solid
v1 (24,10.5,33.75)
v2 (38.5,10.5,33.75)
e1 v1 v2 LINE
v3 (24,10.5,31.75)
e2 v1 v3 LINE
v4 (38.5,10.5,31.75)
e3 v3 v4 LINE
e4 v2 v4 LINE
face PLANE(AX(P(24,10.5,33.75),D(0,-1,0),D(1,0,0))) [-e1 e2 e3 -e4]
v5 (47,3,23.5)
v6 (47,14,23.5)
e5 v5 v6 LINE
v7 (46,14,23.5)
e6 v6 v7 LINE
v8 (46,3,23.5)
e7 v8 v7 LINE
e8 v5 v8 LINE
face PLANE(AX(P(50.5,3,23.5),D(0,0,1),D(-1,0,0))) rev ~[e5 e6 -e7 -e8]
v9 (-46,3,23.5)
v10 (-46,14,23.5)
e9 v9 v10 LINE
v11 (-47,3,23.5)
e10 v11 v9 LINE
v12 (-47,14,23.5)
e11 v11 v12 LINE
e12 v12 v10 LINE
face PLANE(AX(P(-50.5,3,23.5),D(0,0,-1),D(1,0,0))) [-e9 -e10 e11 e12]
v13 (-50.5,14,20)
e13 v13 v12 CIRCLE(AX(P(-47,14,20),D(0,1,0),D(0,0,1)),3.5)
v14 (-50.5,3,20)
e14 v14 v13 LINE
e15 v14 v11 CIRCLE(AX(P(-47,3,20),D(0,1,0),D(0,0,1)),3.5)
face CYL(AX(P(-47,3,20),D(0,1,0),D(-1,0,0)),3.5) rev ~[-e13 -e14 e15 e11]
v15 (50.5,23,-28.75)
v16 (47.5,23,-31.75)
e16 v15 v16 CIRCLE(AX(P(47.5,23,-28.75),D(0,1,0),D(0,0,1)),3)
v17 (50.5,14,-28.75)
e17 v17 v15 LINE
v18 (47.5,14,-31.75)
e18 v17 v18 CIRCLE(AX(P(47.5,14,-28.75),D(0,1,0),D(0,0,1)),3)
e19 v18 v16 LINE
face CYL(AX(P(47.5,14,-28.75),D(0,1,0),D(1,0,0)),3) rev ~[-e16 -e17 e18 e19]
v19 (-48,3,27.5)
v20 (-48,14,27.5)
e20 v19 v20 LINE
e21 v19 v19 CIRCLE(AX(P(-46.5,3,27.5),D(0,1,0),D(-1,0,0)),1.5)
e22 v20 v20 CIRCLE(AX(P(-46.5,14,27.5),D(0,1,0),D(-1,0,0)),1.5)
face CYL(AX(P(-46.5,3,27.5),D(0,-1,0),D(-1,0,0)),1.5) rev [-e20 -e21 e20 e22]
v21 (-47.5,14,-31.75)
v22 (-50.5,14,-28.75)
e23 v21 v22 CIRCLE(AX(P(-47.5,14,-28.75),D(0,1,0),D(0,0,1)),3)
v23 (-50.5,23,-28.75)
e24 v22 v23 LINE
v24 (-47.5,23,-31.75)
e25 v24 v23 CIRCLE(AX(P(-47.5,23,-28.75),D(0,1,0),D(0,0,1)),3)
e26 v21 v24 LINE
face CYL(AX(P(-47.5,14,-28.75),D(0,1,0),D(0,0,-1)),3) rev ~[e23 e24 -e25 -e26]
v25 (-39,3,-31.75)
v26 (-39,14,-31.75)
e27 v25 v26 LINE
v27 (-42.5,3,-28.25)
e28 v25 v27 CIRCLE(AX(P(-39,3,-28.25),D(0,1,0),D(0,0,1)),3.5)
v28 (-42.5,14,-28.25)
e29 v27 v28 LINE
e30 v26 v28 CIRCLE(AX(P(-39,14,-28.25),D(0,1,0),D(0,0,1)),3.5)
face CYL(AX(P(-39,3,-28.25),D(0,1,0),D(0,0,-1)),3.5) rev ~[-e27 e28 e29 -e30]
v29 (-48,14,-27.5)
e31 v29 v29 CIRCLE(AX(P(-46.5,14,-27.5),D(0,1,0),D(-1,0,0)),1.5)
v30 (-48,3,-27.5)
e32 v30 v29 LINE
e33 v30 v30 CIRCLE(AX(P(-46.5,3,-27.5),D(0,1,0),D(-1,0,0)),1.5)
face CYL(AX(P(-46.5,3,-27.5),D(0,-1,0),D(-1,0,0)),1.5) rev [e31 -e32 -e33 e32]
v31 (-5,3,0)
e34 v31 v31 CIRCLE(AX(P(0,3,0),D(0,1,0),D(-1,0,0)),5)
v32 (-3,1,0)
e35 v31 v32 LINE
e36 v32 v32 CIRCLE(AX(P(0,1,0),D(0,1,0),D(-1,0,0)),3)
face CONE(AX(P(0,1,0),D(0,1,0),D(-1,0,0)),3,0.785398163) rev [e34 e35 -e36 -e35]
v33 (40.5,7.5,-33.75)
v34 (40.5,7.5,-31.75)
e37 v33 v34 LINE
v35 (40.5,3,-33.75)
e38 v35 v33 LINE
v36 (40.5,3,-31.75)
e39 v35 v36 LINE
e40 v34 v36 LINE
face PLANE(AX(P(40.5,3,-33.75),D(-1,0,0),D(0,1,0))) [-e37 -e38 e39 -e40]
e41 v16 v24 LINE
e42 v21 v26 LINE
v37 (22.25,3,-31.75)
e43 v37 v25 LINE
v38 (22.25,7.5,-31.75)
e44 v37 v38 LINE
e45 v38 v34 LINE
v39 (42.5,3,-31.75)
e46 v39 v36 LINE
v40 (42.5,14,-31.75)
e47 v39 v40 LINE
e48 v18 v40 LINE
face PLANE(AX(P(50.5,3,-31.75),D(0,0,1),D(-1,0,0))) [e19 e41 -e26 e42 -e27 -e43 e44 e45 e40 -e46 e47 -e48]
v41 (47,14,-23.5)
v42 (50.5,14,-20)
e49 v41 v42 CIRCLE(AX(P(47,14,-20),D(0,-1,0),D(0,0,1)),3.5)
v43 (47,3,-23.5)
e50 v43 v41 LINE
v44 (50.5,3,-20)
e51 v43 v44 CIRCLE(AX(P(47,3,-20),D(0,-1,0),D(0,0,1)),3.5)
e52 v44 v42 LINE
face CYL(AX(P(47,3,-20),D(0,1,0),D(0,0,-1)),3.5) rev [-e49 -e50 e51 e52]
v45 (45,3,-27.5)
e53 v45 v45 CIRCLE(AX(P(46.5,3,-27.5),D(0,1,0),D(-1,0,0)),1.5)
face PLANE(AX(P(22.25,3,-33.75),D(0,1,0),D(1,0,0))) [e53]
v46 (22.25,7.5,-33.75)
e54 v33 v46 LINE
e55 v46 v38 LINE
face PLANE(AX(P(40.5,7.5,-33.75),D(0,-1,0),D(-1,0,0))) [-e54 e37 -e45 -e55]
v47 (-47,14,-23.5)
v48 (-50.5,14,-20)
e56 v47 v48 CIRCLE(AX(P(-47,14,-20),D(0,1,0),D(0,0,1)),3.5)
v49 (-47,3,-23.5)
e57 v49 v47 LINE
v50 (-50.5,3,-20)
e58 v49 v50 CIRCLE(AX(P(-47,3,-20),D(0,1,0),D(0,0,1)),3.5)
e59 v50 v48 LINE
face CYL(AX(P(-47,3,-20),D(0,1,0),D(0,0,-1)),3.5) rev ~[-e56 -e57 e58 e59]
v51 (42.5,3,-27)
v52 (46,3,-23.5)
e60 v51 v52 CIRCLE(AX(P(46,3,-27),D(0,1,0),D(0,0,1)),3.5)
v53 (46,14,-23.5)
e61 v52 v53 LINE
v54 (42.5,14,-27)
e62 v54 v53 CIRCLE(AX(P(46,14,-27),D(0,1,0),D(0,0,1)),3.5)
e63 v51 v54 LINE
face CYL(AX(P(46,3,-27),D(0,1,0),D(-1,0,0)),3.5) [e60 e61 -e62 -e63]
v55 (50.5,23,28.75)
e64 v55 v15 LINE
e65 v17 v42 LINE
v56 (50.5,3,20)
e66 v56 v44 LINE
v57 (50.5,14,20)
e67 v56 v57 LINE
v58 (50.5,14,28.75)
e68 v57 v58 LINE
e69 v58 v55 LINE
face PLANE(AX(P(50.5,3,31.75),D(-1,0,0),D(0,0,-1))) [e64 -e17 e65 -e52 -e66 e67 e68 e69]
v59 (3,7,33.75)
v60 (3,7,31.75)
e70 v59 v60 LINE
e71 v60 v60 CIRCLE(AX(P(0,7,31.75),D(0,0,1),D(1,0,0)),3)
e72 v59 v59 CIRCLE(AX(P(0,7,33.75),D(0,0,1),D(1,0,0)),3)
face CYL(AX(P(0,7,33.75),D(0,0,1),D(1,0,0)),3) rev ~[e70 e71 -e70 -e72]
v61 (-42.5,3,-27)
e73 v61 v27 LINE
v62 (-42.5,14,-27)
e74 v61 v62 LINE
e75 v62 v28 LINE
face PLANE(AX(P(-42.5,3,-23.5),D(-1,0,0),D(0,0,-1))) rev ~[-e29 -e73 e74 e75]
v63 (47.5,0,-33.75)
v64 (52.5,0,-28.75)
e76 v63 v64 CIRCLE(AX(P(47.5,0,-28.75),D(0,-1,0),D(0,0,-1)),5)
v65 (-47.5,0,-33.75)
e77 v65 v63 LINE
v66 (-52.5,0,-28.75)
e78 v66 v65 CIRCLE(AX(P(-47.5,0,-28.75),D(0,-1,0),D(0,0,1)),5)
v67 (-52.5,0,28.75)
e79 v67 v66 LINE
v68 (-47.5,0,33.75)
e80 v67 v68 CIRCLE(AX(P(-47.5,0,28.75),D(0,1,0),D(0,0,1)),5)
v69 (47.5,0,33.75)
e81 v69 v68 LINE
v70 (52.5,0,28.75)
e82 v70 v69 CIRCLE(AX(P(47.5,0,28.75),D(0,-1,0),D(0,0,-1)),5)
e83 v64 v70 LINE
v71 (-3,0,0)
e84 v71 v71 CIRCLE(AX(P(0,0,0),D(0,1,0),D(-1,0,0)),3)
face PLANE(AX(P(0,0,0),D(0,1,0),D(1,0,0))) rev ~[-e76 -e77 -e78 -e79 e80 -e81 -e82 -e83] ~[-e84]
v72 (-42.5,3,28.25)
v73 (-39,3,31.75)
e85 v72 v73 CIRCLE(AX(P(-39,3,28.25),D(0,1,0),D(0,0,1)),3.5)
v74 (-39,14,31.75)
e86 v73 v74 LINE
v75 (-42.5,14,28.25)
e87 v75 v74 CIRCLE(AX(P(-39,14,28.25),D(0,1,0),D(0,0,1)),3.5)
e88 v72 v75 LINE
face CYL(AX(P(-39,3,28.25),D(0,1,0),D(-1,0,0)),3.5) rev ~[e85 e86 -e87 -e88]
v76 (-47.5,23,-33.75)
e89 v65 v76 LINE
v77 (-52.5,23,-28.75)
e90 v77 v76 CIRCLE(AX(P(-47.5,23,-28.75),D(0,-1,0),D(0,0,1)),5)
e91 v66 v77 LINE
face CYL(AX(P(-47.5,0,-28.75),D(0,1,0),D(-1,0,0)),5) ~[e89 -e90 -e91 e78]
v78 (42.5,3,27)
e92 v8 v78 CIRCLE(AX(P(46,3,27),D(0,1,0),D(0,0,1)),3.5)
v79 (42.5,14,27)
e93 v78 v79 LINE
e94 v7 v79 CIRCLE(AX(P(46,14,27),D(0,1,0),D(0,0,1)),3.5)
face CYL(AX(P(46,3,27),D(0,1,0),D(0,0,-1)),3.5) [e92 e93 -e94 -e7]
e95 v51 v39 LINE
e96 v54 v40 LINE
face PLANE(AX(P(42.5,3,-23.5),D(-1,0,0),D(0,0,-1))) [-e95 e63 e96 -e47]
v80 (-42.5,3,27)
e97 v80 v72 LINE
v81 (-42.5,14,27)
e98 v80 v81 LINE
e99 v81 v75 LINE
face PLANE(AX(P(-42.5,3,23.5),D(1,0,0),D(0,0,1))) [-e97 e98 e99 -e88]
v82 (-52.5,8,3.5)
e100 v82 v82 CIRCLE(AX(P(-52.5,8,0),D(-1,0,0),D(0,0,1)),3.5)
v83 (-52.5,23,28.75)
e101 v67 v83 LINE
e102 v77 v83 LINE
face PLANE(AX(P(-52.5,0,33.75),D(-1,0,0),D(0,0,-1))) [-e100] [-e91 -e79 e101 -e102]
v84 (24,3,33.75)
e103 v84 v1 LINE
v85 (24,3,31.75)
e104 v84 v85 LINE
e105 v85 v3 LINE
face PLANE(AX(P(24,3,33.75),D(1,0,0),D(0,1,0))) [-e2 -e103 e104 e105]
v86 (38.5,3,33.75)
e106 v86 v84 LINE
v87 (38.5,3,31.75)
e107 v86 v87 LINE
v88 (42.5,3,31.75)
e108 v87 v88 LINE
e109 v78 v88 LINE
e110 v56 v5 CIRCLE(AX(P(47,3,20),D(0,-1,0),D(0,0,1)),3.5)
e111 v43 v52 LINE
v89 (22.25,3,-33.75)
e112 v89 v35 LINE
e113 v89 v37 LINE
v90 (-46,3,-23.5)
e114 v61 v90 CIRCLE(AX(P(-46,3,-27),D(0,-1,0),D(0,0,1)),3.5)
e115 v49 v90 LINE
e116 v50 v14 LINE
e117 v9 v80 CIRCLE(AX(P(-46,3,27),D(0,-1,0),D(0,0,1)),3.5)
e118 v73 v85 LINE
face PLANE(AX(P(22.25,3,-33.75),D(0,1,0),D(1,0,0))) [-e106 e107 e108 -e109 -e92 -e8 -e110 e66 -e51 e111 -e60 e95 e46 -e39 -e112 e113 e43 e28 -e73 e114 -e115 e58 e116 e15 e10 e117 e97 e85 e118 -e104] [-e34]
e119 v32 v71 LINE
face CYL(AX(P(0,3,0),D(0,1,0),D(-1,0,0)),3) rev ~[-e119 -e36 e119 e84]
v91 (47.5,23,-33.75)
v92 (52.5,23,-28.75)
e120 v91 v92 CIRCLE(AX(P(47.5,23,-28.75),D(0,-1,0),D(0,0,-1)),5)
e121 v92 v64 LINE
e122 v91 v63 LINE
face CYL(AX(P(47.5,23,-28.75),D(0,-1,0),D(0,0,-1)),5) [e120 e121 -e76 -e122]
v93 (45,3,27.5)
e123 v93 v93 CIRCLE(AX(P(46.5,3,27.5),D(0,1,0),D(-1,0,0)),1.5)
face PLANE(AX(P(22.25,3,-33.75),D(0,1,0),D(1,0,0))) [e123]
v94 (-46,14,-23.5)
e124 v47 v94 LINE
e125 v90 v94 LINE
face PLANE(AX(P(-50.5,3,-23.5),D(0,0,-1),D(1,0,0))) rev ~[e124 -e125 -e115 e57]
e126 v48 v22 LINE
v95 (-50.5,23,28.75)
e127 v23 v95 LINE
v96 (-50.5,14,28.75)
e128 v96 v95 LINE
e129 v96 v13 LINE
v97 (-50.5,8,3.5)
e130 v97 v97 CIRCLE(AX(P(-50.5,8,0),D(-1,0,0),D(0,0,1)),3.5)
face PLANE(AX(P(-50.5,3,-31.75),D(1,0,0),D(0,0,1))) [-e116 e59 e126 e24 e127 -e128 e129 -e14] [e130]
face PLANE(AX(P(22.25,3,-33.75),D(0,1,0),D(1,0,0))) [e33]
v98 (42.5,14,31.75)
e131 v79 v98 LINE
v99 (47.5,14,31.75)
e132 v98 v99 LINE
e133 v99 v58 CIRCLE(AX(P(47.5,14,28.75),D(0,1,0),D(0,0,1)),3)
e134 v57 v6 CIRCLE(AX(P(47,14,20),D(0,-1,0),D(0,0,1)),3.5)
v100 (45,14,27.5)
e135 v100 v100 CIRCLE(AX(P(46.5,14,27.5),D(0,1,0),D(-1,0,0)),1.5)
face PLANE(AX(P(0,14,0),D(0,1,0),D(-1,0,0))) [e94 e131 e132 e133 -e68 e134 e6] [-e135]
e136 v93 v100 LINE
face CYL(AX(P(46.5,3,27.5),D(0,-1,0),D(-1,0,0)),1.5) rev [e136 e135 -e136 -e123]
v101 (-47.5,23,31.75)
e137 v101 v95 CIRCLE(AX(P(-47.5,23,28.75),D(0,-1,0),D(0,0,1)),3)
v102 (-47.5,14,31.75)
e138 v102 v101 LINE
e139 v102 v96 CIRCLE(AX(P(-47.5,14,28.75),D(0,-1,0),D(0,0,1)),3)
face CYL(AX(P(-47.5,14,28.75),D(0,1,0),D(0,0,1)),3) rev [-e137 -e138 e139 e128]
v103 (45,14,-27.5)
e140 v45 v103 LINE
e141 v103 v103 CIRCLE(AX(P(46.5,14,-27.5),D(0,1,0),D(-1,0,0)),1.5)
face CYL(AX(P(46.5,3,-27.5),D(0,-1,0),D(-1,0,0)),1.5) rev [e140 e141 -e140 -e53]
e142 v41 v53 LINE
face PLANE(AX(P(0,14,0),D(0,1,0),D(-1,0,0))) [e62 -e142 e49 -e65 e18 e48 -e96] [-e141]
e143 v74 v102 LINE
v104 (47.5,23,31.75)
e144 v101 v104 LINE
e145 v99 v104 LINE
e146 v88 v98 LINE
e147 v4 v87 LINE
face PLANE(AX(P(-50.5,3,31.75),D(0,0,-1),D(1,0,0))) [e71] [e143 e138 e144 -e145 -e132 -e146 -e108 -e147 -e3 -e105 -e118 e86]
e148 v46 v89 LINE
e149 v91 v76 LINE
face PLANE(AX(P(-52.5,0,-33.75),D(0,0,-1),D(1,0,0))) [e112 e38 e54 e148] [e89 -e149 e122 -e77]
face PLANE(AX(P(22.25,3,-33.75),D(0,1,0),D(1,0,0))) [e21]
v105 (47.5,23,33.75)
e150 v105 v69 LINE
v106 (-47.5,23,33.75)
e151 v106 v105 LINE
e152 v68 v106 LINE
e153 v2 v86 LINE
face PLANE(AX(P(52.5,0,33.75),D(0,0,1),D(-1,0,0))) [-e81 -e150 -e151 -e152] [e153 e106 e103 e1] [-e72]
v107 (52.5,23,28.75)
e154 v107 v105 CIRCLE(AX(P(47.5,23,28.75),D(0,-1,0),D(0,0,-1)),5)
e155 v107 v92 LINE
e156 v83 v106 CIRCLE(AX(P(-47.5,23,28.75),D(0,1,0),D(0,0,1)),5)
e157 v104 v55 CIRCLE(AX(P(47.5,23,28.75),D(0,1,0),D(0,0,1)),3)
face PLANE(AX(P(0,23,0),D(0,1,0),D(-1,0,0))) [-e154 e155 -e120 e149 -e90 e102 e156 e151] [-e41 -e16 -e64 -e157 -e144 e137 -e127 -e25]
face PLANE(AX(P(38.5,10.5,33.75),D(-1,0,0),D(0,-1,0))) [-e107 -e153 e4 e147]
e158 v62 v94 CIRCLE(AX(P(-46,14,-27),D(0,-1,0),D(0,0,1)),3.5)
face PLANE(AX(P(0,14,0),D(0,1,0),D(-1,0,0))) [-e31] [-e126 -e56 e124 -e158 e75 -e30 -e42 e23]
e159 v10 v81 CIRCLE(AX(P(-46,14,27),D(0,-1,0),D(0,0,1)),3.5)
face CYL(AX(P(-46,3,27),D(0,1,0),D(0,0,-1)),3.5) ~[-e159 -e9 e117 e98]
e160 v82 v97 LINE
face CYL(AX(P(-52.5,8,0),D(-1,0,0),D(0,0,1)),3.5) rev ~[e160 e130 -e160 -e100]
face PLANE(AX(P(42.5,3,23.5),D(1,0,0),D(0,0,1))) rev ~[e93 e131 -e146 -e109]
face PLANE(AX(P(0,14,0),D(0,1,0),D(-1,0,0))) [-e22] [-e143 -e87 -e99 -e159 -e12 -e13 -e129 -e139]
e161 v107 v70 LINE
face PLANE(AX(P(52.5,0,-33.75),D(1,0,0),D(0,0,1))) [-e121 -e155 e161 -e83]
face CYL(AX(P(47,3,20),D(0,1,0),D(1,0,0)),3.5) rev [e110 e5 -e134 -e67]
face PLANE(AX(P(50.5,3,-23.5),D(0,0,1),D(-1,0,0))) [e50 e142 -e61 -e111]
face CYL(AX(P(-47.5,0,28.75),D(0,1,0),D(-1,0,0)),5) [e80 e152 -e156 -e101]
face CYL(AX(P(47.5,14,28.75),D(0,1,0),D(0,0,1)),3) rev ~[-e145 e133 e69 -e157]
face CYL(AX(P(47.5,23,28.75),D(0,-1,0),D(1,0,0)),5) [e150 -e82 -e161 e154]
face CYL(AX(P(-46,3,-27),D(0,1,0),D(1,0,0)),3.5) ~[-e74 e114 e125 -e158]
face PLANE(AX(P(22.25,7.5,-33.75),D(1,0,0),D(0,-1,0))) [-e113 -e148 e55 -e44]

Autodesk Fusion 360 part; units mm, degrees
sketch "Sketch1" plane through (0, 0, 0) normal (0, 1, 0) x (1, 0, 0)
  line L0 (-52.5, 33.75) -> (52.5, 33.75)
  line L1 (52.5, 33.75) -> (52.5, -33.75)
  line L2 (52.5, -33.75) -> (-52.5, -33.75)
  line L3 (-52.5, -33.75) -> (-52.5, 33.75)
  line L4 (-52.5, 33.75) -> (52.5, -33.75) construction
  dimension "d1" = 105
  dimension "d2" = 67.5
extrude "Extrude1" add sketch "Sketch1" along normal blind 3
sketch "Sketch2" plane through (0, 3, 0) normal (0, 1, 0) x (-1, 0, 0)
  line L0 (52.5, 33.75) -> (-52.5, 33.75)
  line L1 (-52.5, 33.75) -> (-52.5, -33.75)
  line L2 (-52.5, -33.75) -> (52.5, -33.75)
  line L3 (52.5, -33.75) -> (52.5, 33.75)
  line L4 (50.5, 31.75) -> (-50.5, 31.75)
  line L5 (-50.5, 31.75) -> (-50.5, -31.75)
  line L6 (-50.5, -31.75) -> (50.5, -31.75)
  line L7 (50.5, -31.75) -> (50.5, 31.75)
  dimension "d5" = -2
extrude "Extrude2" add sketch "Sketch2" along normal blind 20
sketch "Sketch3" plane through (0, 0, -33.75) normal (0, 0, -1) x (-1, 0, 0)
  line L0 (-52.5, 0) -> (52.5, 0)
  line L1 (52.5, 0) -> (52.5, 23)
  line L2 (52.5, 23) -> (-52.5, 23)
  line L3 (-52.5, 23) -> (-52.5, 0)
  line L4 (-40.5, 7.5) -> (-22.25, 7.5)
  line L5 (-22.25, 7.5) -> (-22.25, 3)
  line L6 (-22.25, 3) -> (-40.5, 3)
  line L7 (-40.5, 3) -> (-40.5, 7.5)
  dimension "d21" = 18.25
  dimension "d22" = 4.5
  dimension "d23" = 3
  dimension "d24" = 40.5
extrude "Extrude3" cut sketch "Sketch3" against normal blind 3 contours L4 L5 L6 L7
sketch "Sketch4" plane through (0, 3, 0) normal (0, 1, 0) x (-1, 0, 0)
  line L0 (-22.25, -31.75) -> (50.5, -31.75)
  line L1 (50.5, -31.75) -> (50.5, 31.75)
  line L2 (50.5, 31.75) -> (-50.5, 31.75)
  line L3 (-50.5, 31.75) -> (-50.5, -31.75)
  line L4 (-50.5, -31.75) -> (-40.5, -31.75)
  line L5 (-40.5, -31.75) -> (-40.5, -33.75)
  line L6 (-40.5, -33.75) -> (-22.25, -33.75)
  line L7 (-22.25, -33.75) -> (-22.25, -31.75)
  line L8 (46.5, -27.5) -> (-46.5, -27.5) construction
  line L9 (-46.5, -27.5) -> (-46.5, 27.5) construction
  line L10 (-46.5, 27.5) -> (46.5, 27.5) construction
  line L11 (46.5, 27.5) -> (46.5, -27.5) construction
  line L12 (46.5, -27.5) -> (-46.5, 27.5) construction
  circle A0 centre (46.5, -27.5) radius 1.5
  line L13 (50.5, -23.5) -> (42.5, -23.5)
  line L14 (42.5, -23.5) -> (42.5, -31.75)
  line L15 (50.5, 0) -> (-50.5, 0) construction
  line L16 (50.5, 23.5) -> (42.5, 23.5)
  line L17 (42.5, 23.5) -> (42.5, 31.75)
  circle A1 centre (46.5, 27.5) radius 1.5
  line L18 (0, -27.5) -> (0, 27.5) construction
  line L19 (-42.5, -23.5) -> (-42.5, -31.75)
  line L20 (-50.5, -23.5) -> (-42.5, -23.5)
  circle A2 centre (-46.5, -27.5) radius 1.5
  circle A3 centre (-46.5, 27.5) radius 1.5
  line L21 (-50.5, 23.5) -> (-42.5, 23.5)
  line L22 (-42.5, 23.5) -> (-42.5, 31.75)
  dimension "d33" = 93
  dimension "d34" = 55
  dimension "d35" = 3
  dimension "d36" = 4
  dimension "d37" = 4
extrude "Extrude4" add sketch "Sketch4" along normal blind 11 contours L0 L1 L13 L14 | L1 L2 L16 L17 | L3 L4 L19 L20 | L2 L3 L21 L22
fillet "Fillet1" radius 3 4 edges at (-50.5, 18.5, -31.75) (50.5, 18.5, -31.75) (50.5, 18.5, 31.75) (-50.5, 18.5, 31.75)
fillet "Fillet2" radius 5 4 edges at (-52.5, 11.5, 33.75) (52.5, 11.5, 33.75) (52.5, 11.5, -33.75) (-52.5, 11.5, -33.75)
sketch "Sketch5" plane through (0, 0, 33.75) normal (0, 0, 1) x (1, 0, 0)
  line L0 (47.5, 0) -> (47.5, 23)
  line L1 (47.5, 23) -> (-47.5, 23)
  line L2 (-47.5, 23) -> (-47.5, 0)
  line L3 (-47.5, 0) -> (47.5, 0)
  circle A0 centre (0, 7) radius 3
  line L4 (0, 7) -> (0, 0) construction
  dimension "d58" = 6
  dimension "d59" = 7
extrude "Extrude5" cut sketch "Sketch5" against normal blind 3 contours A0
sketch "Sketch6" plane through (0, 0, 33.75) normal (0, 0, 1) x (1, 0, 0)
  circle A0 centre (0, 7) radius 3
  line L0 (47.5, 0) -> (47.5, 23)
  line L1 (47.5, 23) -> (-47.5, 23)
  line L2 (-47.5, 23) -> (-47.5, 0)
  line L3 (-47.5, 0) -> (47.5, 0)
  line L4 (24, 10.5) -> (38.5, 10.5)
  line L5 (38.5, 10.5) -> (38.5, 3)
  line L6 (38.5, 3) -> (24, 3)
  line L7 (24, 3) -> (24, 10.5)
  dimension "d62" = 3
  dimension "d63" = 24
  dimension "d64" = 14.5
  dimension "d65" = 7.5
extrude "Extrude6" cut sketch "Sketch6" against normal blind 2 contours L4 L5 L6 L7
sketch "Sketch8" plane through (0, 3, 0) normal (0, 1, 0) x (-1, 0, 0)
  line L0 (-50.5, -23.5) -> (-42.5, -23.5)
  line L1 (-42.5, -23.5) -> (-42.5, -31.75)
  line L2 (-42.5, -31.75) -> (-40.5, -31.75)
  line L3 (-40.5, -31.75) -> (-40.5, -33.75)
  line L4 (-40.5, -33.75) -> (-22.25, -33.75)
  line L5 (-22.25, -33.75) -> (-22.25, -31.75)
  line L6 (-22.25, -31.75) -> (42.5, -31.75)
  line L7 (42.5, -31.75) -> (42.5, -23.5)
  line L8 (42.5, -23.5) -> (50.5, -23.5)
  line L9 (50.5, -23.5) -> (50.5, 23.5)
  line L10 (50.5, 23.5) -> (42.5, 23.5)
  line L11 (42.5, 23.5) -> (42.5, 31.75)
  line L12 (42.5, 31.75) -> (-24, 31.75)
  line L13 (-24, 31.75) -> (-24, 33.75)
  line L14 (-24, 33.75) -> (-38.5, 33.75)
  line L15 (-38.5, 33.75) -> (-38.5, 31.75)
  line L16 (-38.5, 31.75) -> (-42.5, 31.75)
  line L17 (-42.5, 31.75) -> (-42.5, 23.5)
  line L18 (-42.5, 23.5) -> (-50.5, 23.5)
  line L19 (-50.5, 23.5) -> (-50.5, -23.5)
  circle A0 centre (0, 0) radius 3
  dimension "d73" = 6
extrude "Extrude8" cut sketch "Sketch8" against normal blind 6 contours A0
chamfer "Chamfer1" distance 2 angle 45 1 edges at (2.797, 3, 1.0848)
sketch "Sketch9" plane through (-52.5, 0, 0) normal (-1, 0, 0) x (0, 0, 1)
  line L0 (-28.75, 23) -> (-28.75, 0)
  line L1 (-28.75, 0) -> (28.75, 0)
  line L2 (28.75, 0) -> (28.75, 23)
  line L3 (28.75, 23) -> (-28.75, 23)
  circle A0 centre (0, 8) radius 3.5
  line L4 (0, 8) -> (0, 0) construction
  dimension "d77" = 7
  dimension "d78" = 8
extrude "Extrude9" cut sketch "Sketch9" against normal blind 2 contours A0
fillet "Fillet3" radius 3.5 10 edges at (-42.5, 8.5, -23.5) (-50.5, 8.5, -23.5) (-42.5, 8.5, -31.75) (42.5, 8.5, -23.5) (50.5, 8.5, -23.5) (50.5, 8.5, 23.5) (42.5, 8.5, 23.5) (-42.5, 8.5, 31.75) (-42.5, 8.5, 23.5) (-50.5, 8.5, 23.5)
